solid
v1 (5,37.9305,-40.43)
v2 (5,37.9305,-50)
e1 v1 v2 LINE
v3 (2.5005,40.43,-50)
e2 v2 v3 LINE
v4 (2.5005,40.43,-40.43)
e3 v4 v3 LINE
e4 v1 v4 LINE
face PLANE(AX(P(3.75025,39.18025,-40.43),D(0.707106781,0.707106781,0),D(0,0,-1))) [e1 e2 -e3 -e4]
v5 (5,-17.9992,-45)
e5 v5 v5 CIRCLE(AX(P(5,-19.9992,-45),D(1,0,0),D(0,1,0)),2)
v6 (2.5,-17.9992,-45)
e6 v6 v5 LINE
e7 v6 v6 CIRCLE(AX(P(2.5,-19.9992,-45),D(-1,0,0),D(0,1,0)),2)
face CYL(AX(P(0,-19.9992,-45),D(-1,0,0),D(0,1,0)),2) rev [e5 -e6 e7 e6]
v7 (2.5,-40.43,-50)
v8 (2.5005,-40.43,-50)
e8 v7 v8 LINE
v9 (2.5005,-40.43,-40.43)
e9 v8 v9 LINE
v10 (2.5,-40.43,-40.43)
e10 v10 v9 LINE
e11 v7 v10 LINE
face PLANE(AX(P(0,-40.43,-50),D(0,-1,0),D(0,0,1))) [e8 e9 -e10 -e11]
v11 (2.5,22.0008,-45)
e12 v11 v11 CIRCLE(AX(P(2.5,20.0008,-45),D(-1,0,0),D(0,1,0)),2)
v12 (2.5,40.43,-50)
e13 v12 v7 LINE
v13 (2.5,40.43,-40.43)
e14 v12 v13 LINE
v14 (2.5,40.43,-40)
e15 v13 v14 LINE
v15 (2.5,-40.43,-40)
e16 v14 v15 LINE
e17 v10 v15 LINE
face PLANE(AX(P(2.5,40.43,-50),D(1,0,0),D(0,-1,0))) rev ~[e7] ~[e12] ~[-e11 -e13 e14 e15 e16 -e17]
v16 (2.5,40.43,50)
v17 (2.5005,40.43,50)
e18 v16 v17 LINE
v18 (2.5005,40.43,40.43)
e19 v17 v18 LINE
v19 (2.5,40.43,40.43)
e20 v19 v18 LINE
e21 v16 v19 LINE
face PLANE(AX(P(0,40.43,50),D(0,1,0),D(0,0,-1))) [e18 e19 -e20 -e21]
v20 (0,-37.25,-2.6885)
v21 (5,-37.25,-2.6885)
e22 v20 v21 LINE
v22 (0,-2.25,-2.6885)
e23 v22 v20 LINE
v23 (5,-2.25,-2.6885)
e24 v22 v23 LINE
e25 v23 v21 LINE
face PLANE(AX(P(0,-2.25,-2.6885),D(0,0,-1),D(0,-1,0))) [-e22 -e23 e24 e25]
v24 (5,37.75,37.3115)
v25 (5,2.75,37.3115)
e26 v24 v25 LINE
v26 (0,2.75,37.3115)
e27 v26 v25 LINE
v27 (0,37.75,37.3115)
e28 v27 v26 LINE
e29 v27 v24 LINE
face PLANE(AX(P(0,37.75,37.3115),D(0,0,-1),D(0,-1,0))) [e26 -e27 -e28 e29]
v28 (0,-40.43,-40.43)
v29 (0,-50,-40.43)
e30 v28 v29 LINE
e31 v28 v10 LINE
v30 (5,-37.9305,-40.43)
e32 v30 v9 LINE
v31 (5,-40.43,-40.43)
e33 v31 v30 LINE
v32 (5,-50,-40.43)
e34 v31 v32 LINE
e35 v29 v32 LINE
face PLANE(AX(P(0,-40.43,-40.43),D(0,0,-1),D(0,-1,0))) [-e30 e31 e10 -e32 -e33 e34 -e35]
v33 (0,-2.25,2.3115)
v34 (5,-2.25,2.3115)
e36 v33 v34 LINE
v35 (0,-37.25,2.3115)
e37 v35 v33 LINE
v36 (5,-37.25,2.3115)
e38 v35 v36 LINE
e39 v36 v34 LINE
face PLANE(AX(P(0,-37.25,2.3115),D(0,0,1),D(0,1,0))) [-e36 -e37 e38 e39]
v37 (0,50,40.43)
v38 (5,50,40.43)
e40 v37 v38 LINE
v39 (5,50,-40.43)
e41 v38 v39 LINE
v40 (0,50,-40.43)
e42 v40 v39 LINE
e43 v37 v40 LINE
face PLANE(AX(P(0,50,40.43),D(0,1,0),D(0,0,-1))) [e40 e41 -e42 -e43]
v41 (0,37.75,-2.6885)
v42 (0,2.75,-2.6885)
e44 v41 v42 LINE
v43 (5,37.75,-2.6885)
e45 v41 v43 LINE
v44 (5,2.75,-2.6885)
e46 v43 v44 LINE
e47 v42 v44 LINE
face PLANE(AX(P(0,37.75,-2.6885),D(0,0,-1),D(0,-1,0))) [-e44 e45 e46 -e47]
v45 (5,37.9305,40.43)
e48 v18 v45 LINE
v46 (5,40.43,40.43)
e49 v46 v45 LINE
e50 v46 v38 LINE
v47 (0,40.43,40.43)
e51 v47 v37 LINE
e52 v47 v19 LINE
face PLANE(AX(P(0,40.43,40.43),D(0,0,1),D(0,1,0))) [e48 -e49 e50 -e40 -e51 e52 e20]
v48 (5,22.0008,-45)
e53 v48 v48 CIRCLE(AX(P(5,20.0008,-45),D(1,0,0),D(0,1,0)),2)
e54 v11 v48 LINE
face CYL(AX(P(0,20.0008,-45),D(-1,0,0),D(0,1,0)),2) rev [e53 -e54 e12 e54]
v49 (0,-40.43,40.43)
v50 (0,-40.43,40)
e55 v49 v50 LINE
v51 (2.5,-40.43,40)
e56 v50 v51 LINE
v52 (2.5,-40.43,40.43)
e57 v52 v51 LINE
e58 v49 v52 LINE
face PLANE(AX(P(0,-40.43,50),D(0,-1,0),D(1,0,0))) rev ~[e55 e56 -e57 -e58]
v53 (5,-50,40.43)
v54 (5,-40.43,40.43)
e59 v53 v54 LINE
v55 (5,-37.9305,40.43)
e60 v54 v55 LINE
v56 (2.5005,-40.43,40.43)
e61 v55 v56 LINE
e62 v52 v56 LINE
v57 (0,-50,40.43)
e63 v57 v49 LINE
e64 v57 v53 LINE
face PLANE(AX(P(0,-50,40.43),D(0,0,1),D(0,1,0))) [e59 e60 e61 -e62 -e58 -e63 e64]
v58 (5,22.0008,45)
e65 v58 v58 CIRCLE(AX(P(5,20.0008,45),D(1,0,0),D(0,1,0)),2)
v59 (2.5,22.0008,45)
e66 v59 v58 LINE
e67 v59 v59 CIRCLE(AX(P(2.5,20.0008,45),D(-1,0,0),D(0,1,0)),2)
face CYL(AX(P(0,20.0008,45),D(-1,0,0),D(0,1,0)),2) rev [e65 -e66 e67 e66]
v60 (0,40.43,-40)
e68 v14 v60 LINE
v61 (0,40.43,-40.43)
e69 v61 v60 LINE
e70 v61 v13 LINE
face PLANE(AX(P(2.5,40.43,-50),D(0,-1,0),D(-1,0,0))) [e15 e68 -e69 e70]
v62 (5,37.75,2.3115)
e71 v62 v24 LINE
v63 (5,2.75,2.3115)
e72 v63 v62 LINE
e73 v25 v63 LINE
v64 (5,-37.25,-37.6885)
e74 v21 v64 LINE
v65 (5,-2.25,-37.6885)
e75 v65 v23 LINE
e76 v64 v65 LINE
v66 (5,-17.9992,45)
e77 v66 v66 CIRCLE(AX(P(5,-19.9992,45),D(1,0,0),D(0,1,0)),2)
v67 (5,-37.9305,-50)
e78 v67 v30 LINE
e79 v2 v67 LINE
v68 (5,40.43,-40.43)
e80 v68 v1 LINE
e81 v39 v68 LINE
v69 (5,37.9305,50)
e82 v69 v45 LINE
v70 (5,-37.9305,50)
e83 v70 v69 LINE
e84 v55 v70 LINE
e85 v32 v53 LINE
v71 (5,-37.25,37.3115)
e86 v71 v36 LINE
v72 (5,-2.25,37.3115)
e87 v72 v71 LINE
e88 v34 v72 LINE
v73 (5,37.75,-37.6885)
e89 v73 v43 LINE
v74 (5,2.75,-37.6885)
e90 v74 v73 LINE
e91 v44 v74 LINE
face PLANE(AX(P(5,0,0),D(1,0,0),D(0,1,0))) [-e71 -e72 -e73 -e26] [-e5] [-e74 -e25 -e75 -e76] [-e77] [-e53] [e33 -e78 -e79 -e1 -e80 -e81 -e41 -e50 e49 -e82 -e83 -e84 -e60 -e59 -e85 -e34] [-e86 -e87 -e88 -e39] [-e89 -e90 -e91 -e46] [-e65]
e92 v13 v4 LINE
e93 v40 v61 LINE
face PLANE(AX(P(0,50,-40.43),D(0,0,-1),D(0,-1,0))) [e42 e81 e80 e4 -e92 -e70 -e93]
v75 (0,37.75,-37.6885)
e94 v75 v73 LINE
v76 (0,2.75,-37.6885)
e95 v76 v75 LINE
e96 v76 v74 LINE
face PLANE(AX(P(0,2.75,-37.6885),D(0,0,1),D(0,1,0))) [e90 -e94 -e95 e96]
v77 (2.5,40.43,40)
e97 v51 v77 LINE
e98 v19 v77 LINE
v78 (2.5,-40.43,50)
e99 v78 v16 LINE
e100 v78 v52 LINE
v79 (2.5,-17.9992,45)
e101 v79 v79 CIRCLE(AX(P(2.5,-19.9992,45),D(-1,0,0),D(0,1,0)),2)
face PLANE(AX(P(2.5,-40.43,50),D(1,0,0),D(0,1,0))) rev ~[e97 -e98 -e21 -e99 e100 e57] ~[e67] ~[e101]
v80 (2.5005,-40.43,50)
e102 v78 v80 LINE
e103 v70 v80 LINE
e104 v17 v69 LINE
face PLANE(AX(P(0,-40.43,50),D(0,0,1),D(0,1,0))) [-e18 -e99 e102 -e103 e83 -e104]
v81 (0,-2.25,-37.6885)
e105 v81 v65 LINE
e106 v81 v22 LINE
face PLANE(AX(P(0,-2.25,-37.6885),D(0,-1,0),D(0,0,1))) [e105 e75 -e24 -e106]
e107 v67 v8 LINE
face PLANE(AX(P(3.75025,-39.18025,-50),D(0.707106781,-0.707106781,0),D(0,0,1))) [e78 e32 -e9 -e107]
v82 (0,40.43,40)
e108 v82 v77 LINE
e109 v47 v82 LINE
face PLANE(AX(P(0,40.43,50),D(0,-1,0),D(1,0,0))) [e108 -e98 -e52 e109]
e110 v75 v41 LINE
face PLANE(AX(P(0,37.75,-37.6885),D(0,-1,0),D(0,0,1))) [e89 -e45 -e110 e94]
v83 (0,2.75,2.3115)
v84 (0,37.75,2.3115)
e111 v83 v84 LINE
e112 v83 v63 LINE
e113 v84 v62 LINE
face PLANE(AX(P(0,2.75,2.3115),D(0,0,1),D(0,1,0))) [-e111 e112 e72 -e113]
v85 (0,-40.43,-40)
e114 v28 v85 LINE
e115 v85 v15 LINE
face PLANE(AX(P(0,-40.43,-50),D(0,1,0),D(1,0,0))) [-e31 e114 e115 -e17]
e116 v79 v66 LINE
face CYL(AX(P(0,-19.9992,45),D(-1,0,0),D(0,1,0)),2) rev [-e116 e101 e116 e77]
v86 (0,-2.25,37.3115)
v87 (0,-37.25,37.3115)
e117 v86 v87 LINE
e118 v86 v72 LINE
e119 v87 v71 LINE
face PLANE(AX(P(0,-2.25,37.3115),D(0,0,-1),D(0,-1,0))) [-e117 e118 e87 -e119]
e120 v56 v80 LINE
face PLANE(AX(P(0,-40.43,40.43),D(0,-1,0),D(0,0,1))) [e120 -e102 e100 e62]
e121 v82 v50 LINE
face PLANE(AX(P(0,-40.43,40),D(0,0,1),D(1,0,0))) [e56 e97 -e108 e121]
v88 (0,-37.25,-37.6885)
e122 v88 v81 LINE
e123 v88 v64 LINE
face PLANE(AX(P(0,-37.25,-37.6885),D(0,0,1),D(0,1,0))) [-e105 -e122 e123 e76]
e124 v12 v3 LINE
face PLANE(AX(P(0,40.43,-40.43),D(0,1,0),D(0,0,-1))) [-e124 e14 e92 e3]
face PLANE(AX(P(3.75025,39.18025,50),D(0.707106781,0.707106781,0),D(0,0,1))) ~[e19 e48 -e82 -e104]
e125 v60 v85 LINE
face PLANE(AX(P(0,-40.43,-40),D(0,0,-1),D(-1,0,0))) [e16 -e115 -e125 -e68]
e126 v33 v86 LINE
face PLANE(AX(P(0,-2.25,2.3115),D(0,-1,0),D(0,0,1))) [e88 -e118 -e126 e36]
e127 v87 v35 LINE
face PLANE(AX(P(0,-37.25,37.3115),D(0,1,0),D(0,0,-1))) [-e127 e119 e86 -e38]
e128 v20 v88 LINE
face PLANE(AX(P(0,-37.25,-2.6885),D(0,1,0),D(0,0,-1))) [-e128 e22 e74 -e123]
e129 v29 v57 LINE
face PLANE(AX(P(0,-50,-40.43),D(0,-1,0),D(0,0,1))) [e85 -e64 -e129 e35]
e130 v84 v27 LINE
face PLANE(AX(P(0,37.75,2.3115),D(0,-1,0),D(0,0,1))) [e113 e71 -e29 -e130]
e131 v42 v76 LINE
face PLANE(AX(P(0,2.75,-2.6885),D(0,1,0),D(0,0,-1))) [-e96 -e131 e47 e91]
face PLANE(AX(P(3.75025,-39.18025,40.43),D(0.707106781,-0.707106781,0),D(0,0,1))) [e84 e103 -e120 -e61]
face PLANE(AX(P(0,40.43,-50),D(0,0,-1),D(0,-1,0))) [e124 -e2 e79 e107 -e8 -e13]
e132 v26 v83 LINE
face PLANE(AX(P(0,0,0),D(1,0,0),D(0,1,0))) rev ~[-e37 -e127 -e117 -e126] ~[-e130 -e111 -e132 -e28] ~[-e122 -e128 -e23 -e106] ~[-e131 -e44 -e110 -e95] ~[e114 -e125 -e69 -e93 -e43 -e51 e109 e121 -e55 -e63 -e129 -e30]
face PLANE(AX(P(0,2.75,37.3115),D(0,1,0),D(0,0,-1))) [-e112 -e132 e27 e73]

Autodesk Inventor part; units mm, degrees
ref_plane "YZ Plane" through (0, 0, 0) normal (1, 0, 0) x (0, 1, 0)
ref_plane "XZ Plane" through (0, 0, 0) normal (0, 1, 0) x (-1, 0, 0)
ref_plane "XY Plane" through (0, 0, 0) normal (0, 0, 1) x (1, 0, 0)
sketch "Sketch1" plane through (0, 0, 0) normal (1, 0, 0) x (0, 1, 0)
  line L0 (-40.43, 50) -> (40.43, 50)
  line L1 (50, 40.43) -> (50, -40.43)
  line L2 (40.43, -50) -> (-40.43, -50)
  line L3 (-50, -40.43) -> (-50, 40.43)
  line L4 (40.43, 50) -> (40.43, 40.43)
  line L5 (40.43, 40.43) -> (50, 40.43)
  line L6 (-50, 40.43) -> (-40.43, 40.43)
  line L7 (-40.43, 40.43) -> (-40.43, 50)
  line L8 (-40.43, -50) -> (-40.43, -40.43)
  line L9 (-40.43, -40.43) -> (-50, -40.43)
  line L10 (50, -40.43) -> (40.43, -40.43)
  line L11 (40.43, -40.43) -> (40.43, -50)
  line L12 (2.75, 2.3115) -> (37.75, 2.3115)
  line L13 (37.75, 2.3115) -> (37.75, 37.3115)
  line L14 (37.75, 37.3115) -> (2.75, 37.3115)
  line L15 (2.75, 37.3115) -> (2.75, 2.3115)
  line L16 (2.75, -37.6885) -> (37.75, -37.6885)
  line L17 (2.75, -2.6885) -> (2.75, -37.6885)
  line L18 (37.75, -2.6885) -> (2.75, -2.6885)
  line L19 (37.75, -37.6885) -> (37.75, -2.6885)
  line L20 (-37.25, 2.3115) -> (-2.25, 2.3115)
  line L21 (-37.25, 37.3115) -> (-37.25, 2.3115)
  line L22 (-2.25, 37.3115) -> (-37.25, 37.3115)
  line L23 (-2.25, 2.3115) -> (-2.25, 37.3115)
  line L24 (-37.25, -37.6885) -> (-2.25, -37.6885)
  line L25 (-37.25, -2.6885) -> (-37.25, -37.6885)
  line L26 (-2.25, -2.6885) -> (-37.25, -2.6885)
  line L27 (-2.25, -37.6885) -> (-2.25, -2.6885)
  line L28 (40.43, 40.43) -> (50, 40.43)
  line L29 (50, 40.43) -> (50, 50)
  line L30 (50, 50) -> (40.43, 50)
  line L31 (40.43, 50) -> (40.43, 40.43)
  line L32 (40.43, -40.43) -> (50, -40.43)
  line L33 (50, -40.43) -> (50, -50)
  line L34 (50, -50) -> (40.43, -50)
  line L35 (40.43, -50) -> (40.43, -40.43)
  line L36 (-40.43, -40.43) -> (-50, -40.43)
  line L37 (-50, -40.43) -> (-50, -50)
  line L38 (-50, -50) -> (-40.43, -50)
  line L39 (-40.43, -50) -> (-40.43, -40.43)
  line L40 (-40.43, 40.43) -> (-50, 40.43)
  line L41 (-50, 40.43) -> (-50, 50)
  line L42 (-50, 50) -> (-40.43, 50)
  line L43 (-40.43, 50) -> (-40.43, 40.43)
  circle A0 centre (20.0008, 45) radius 2
  circle A1 centre (20.0008, -45) radius 2
  circle A2 centre (-19.9992, 45) radius 2
  circle A3 centre (-19.9992, -45) radius 2
  point P0 (0, 0)
  point P1 (50, 45.215)
  dimension "d7" = 9.57
  dimension "d8" = 9.57
  dimension "d11" = 360
  dimension "d13" = 80.86
  dimension "d14" = 100
  dimension "d15" = 35
  dimension "d16" = 35
  dimension "d19" = 40
  dimension "d22" = 40
  dimension "d25" = 4
  dimension "d26" = 30
  dimension "d27" = 5
  dimension "d30" = 90
  dimension "d33" = 40
  dimension "d36" = 12.25
extrude "Extrusion1" add sketch "Sketch1" along normal blind 5 contours L0 L4 L5 L1 L10 L11 L2 L8 L9 L3 L6 L7
sketch "Sketch2" plane through (0, -40.43, 50) normal (0, 0, 1) x (1, 0, 0)
  line L0 (0, -9.57) -> (0, 0) projected
  line L1 (0, 80.86) -> (5, 80.86) projected
  line L2 (0, 0) -> (2.5, 0)
  line L3 (2.5, 0) -> (2.5, 80.86)
  line L4 (2.5, 80.86) -> (0, 80.86)
  line L5 (0, 80.86) -> (0, 0)
  point P0 (0, 40.43)
extrude "Extrusion2" cut sketch "Sketch2" against normal blind 10
sketch "Sketch3" plane through (0, -40.43, -50) normal (0, 0, -1) x (-1, 0, 0)
  line L0 (-2.5, 80.86) -> (-2.5, 0) projected
  line L1 (0, 0) -> (-2.5, 0)
  line L2 (-2.5, 0) -> (-2.5, 80.86)
  line L3 (-2.5, 80.86) -> (0, 80.86)
  line L4 (0, 80.86) -> (0, 0)
  point P0 (0, 40.43)
extrude "Extrusion3" cut sketch "Sketch3" against normal blind 10
chamfer "Chamfer3" distance 2.5 angle 45 4 edges at (5, -40.43, 45.215) (5, 40.43, 45.215) (5, -40.43, -45.215) (5, 40.43, -45.215)
properties part number "Side Panel"
